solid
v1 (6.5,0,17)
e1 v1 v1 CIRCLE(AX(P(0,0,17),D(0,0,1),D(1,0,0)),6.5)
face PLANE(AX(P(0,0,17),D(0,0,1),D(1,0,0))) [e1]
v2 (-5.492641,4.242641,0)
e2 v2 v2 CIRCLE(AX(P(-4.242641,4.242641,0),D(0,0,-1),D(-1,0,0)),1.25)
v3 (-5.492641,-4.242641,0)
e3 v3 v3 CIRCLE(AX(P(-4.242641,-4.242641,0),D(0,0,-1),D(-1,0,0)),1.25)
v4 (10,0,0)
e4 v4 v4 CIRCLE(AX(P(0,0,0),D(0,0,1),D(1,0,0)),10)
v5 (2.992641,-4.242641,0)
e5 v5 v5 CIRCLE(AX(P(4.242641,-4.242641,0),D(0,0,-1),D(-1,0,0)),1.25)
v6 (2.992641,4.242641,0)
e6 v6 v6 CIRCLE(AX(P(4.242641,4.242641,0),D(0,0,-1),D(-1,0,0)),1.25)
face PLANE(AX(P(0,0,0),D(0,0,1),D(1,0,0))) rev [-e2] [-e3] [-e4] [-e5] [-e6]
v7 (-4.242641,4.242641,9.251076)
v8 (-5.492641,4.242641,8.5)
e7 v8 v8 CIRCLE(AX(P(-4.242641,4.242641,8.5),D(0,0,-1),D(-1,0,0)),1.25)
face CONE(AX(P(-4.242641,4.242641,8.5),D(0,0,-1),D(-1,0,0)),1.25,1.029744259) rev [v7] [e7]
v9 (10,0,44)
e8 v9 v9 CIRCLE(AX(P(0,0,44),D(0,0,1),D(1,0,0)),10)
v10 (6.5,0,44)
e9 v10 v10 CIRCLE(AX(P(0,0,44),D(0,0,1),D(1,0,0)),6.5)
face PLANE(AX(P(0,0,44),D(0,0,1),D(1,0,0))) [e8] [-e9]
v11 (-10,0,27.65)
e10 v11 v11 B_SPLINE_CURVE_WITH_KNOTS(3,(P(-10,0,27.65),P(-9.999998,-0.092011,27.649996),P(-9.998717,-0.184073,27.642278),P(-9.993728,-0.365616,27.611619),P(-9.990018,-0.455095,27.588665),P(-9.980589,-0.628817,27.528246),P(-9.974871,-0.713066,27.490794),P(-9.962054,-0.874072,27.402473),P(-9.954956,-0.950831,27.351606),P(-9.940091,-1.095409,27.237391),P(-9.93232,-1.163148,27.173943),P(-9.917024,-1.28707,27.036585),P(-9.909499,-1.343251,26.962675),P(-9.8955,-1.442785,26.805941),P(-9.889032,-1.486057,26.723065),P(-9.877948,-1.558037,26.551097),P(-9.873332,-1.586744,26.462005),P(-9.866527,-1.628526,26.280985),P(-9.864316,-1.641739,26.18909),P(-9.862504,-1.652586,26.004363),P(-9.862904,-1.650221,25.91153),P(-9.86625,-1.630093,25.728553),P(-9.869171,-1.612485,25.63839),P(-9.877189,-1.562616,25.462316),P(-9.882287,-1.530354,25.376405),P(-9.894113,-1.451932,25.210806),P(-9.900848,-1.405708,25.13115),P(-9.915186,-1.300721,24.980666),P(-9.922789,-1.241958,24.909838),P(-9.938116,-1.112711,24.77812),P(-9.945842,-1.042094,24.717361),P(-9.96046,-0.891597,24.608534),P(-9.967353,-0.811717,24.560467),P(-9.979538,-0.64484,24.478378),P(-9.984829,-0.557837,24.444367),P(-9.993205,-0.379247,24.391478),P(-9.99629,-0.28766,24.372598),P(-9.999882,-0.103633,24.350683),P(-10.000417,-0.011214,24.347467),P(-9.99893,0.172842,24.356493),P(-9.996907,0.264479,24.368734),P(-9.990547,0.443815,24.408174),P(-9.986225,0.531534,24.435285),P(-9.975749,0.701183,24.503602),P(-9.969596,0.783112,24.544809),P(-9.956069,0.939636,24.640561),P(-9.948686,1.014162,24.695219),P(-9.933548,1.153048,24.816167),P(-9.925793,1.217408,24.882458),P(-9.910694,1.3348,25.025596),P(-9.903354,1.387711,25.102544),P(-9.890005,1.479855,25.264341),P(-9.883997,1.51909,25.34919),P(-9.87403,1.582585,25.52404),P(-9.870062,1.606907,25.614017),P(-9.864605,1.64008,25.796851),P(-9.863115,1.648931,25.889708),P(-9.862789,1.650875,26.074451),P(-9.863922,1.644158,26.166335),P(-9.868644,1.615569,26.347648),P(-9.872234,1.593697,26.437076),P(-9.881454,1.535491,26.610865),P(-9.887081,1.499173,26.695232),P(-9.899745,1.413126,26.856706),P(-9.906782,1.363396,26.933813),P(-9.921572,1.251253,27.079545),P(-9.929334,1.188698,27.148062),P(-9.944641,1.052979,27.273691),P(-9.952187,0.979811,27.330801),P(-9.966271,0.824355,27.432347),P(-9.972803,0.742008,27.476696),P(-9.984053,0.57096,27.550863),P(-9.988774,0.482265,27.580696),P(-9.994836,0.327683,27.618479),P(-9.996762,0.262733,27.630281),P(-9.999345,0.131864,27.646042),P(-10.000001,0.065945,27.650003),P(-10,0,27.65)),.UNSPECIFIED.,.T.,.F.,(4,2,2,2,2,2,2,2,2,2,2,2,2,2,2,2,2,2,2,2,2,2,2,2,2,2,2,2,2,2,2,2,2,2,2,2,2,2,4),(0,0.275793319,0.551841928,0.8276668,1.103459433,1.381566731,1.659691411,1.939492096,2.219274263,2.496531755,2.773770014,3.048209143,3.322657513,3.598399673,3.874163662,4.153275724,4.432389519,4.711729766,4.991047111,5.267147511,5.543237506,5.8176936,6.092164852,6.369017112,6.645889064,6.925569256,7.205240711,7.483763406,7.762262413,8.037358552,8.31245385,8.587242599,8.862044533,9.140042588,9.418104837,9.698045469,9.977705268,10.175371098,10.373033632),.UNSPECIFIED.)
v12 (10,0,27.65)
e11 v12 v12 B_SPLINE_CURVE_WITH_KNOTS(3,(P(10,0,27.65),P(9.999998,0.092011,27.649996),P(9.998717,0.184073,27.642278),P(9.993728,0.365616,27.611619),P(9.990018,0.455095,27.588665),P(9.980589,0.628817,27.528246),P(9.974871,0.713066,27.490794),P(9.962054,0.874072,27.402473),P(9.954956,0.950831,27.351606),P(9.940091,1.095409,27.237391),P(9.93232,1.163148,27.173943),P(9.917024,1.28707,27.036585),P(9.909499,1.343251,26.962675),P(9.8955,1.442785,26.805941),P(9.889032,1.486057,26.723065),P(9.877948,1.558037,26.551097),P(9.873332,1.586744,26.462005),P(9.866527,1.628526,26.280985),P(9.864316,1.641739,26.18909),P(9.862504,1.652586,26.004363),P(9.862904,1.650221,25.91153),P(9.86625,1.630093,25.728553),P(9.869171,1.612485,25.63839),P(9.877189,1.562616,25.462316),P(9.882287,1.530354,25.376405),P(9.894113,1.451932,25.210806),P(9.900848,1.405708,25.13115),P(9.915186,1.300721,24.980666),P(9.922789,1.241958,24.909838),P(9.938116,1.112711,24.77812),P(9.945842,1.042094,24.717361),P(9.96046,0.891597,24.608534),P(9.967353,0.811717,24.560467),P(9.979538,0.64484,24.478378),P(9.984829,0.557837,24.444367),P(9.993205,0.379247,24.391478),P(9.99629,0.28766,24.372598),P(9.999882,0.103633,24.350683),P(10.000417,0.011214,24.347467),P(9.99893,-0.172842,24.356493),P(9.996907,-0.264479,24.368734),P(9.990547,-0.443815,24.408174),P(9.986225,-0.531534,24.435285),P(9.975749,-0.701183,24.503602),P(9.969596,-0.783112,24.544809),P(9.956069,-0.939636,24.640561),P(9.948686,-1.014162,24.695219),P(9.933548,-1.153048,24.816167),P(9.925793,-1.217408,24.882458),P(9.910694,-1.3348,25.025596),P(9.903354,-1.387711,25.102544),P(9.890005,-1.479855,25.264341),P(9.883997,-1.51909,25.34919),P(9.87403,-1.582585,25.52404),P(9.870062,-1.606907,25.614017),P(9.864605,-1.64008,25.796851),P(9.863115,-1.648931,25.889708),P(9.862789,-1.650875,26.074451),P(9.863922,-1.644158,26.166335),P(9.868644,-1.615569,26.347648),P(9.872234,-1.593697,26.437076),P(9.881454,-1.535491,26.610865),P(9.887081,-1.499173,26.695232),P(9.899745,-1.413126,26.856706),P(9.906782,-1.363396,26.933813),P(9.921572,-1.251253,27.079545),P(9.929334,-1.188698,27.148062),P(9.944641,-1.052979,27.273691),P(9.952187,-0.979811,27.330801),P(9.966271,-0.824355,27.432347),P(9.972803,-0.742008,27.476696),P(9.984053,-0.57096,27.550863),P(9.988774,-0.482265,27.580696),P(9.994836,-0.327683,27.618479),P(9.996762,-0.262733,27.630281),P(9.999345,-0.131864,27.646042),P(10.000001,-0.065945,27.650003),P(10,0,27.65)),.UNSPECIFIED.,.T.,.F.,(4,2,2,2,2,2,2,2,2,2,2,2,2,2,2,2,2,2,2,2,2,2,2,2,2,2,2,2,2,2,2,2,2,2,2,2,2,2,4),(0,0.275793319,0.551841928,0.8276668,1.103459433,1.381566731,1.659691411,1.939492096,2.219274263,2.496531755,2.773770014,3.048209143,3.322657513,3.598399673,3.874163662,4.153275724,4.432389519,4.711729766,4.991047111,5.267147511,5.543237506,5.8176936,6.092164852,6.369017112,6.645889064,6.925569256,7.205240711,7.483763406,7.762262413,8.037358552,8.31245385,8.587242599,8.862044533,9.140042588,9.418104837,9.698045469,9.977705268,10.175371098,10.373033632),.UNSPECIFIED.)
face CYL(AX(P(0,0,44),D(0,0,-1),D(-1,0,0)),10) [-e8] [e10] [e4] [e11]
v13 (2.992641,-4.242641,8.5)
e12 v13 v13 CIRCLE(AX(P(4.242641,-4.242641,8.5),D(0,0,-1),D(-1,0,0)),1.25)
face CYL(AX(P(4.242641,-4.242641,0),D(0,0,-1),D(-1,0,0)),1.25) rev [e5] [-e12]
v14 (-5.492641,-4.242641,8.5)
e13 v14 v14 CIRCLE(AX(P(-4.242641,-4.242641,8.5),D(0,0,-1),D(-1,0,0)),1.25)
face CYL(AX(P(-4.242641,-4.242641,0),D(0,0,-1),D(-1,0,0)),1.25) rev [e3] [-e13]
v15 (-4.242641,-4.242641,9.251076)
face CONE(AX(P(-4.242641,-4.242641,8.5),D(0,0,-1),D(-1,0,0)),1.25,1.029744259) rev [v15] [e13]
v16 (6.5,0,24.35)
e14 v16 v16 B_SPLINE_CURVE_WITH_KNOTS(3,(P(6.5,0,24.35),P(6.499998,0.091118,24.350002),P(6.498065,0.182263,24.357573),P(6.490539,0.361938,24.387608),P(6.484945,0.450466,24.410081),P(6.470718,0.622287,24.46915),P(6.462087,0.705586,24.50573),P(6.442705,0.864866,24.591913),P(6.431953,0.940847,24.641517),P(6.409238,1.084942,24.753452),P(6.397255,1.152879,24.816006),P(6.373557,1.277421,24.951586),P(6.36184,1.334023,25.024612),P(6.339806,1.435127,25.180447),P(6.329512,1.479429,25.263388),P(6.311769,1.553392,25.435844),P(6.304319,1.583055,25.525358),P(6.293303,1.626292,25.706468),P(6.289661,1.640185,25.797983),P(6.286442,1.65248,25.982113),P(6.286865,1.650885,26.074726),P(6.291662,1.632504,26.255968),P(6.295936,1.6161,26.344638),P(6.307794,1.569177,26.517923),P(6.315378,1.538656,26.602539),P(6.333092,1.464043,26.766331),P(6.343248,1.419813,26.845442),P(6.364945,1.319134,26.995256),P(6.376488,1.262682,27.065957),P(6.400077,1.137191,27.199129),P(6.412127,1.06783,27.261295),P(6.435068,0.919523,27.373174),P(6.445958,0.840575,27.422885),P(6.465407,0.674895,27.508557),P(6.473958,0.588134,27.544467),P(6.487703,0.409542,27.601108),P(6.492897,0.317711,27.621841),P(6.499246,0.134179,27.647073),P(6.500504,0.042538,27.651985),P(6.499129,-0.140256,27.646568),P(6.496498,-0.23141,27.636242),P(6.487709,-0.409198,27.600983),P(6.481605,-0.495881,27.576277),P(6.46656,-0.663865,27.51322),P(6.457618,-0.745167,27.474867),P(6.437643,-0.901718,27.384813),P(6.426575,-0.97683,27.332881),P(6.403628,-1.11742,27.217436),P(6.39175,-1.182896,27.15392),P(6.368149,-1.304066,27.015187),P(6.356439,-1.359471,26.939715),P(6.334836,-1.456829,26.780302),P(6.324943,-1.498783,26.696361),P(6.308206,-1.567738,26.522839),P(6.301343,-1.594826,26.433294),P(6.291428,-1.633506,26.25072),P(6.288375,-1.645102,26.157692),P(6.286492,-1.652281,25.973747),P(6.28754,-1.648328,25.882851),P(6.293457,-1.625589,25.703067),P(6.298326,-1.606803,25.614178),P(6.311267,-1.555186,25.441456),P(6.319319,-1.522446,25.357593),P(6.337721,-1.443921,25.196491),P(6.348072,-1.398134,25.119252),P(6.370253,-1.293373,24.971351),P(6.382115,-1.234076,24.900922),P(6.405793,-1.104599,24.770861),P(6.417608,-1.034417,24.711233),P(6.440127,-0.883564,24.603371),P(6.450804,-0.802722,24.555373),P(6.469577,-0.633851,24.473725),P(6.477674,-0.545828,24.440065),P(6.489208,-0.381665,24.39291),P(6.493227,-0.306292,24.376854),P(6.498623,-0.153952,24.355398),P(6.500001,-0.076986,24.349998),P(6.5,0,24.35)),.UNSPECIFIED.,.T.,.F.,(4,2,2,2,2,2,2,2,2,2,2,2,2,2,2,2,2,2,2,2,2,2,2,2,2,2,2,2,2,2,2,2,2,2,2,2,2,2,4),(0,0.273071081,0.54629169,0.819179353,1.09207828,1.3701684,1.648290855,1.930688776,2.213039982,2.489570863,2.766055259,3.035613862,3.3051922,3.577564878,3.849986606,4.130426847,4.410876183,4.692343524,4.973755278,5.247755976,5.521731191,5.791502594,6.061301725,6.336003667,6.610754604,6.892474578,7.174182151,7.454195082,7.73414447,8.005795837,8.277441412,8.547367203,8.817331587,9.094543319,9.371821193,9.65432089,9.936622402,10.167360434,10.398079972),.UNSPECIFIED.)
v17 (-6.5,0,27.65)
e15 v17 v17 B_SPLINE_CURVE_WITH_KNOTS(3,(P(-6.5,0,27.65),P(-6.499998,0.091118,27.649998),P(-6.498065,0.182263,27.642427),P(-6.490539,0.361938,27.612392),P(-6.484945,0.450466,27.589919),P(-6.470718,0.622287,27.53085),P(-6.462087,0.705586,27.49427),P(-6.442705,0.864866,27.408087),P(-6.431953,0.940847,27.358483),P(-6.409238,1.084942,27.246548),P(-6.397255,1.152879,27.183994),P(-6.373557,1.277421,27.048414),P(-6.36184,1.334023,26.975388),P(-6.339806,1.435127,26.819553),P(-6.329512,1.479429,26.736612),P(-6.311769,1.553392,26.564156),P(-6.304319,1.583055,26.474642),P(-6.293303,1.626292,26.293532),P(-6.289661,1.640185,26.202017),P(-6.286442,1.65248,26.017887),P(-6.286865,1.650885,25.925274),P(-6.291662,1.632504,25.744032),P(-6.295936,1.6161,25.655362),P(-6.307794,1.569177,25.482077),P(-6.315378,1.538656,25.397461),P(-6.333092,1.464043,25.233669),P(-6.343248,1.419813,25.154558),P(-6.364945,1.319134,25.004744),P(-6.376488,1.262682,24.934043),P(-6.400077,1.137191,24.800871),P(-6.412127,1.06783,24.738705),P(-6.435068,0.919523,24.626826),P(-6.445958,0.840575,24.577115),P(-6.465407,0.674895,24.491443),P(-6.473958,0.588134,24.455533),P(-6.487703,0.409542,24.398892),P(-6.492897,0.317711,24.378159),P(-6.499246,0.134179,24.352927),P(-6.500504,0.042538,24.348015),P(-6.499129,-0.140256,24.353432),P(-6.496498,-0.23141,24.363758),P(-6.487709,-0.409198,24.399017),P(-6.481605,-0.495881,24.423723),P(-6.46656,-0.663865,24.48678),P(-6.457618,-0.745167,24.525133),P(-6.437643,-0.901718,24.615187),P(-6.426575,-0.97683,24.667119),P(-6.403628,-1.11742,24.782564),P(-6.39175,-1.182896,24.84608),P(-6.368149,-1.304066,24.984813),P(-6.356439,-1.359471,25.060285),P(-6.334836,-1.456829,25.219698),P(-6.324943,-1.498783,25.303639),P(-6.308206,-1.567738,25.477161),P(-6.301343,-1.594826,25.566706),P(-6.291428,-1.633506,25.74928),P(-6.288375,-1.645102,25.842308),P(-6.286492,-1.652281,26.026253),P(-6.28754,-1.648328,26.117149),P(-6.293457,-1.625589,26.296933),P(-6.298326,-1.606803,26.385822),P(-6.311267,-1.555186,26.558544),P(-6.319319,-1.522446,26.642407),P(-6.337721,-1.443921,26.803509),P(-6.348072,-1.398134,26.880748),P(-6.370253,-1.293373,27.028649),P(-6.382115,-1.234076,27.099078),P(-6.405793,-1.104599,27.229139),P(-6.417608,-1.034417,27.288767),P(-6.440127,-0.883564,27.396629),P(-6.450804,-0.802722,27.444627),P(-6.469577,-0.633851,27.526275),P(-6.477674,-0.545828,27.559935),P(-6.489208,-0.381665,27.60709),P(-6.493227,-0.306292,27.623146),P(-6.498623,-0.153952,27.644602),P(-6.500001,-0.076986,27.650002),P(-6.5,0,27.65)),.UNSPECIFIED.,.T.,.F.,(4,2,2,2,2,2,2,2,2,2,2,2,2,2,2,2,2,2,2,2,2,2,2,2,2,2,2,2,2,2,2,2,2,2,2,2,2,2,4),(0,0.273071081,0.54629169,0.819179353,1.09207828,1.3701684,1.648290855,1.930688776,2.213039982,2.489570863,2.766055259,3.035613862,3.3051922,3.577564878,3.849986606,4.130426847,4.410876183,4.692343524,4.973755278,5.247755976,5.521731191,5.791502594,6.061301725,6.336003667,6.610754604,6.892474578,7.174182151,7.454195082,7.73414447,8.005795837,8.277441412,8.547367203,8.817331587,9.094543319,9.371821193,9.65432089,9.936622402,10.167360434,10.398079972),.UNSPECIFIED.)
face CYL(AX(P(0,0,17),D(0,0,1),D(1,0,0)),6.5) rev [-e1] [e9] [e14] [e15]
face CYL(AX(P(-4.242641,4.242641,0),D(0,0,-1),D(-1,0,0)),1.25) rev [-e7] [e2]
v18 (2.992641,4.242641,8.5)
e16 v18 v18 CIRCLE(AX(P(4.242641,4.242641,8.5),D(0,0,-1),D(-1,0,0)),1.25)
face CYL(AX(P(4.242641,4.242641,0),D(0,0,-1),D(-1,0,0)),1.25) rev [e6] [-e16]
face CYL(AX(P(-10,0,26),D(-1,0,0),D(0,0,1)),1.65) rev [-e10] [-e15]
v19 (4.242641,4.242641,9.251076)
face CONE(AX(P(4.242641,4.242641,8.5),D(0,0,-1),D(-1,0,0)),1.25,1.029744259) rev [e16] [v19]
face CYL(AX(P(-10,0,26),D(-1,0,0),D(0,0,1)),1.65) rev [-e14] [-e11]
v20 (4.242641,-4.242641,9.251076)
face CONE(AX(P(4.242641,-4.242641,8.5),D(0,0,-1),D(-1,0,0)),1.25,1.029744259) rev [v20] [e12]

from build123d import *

# Parameters (mm, degrees)
SKETCH_1_R          = 10
EXTRUDE_1_DEPTH     = 44
SKETCH_2_R          = 6.5
CUT_EXTRUDE_1_DEPTH = 27
M4X0_71_D           = 3.3
M3X0_51_D           = 2.5
M3X0_51_DEPTH       = 8.5
M3X0_51_TIP         = 0.751075774


with BuildPart() as part:
    # Эскиз1 → Бобышка-Вытянуть1 (new body)
    with BuildSketch(Plane.XY):
        Circle(SKETCH_1_R)
    extrude(amount=EXTRUDE_1_DEPTH)

    # Эскиз2 → Вырез-Вытянуть1 (cut)
    with BuildSketch(Plane.XY.offset(44)):
        Circle(SKETCH_2_R)
    extrude(amount=-CUT_EXTRUDE_1_DEPTH, mode=Mode.SUBTRACT)

    # Отверстие обработанное метчиком M4x0.71 (through all)
    with Locations(Plane(origin=(-10, 0, 0), x_dir=(0, 0, -1), z_dir=(-1, 0, 0))):
        with Locations((-26, 0)):
            Hole(M4X0_71_D / 2)

    # Отверстие обработанное метчиком M3x0.51
    with Locations(Plane(origin=(0, 0, 0), x_dir=(-1, 0, 0), z_dir=(0, 0, -1))):
        with Locations((-4.242640687, 4.242640687), (4.242640687, 4.242640687), (4.242640687, -4.242640687), (-4.242640687, -4.242640687)):
            Hole(M3X0_51_D / 2, depth=M3X0_51_DEPTH)
            with Locations((0, 0, -(M3X0_51_DEPTH + M3X0_51_TIP / 2))):  # 118° drill point
                Cone(0, M3X0_51_D / 2, M3X0_51_TIP, mode=Mode.SUBTRACT)


solid = part.part
